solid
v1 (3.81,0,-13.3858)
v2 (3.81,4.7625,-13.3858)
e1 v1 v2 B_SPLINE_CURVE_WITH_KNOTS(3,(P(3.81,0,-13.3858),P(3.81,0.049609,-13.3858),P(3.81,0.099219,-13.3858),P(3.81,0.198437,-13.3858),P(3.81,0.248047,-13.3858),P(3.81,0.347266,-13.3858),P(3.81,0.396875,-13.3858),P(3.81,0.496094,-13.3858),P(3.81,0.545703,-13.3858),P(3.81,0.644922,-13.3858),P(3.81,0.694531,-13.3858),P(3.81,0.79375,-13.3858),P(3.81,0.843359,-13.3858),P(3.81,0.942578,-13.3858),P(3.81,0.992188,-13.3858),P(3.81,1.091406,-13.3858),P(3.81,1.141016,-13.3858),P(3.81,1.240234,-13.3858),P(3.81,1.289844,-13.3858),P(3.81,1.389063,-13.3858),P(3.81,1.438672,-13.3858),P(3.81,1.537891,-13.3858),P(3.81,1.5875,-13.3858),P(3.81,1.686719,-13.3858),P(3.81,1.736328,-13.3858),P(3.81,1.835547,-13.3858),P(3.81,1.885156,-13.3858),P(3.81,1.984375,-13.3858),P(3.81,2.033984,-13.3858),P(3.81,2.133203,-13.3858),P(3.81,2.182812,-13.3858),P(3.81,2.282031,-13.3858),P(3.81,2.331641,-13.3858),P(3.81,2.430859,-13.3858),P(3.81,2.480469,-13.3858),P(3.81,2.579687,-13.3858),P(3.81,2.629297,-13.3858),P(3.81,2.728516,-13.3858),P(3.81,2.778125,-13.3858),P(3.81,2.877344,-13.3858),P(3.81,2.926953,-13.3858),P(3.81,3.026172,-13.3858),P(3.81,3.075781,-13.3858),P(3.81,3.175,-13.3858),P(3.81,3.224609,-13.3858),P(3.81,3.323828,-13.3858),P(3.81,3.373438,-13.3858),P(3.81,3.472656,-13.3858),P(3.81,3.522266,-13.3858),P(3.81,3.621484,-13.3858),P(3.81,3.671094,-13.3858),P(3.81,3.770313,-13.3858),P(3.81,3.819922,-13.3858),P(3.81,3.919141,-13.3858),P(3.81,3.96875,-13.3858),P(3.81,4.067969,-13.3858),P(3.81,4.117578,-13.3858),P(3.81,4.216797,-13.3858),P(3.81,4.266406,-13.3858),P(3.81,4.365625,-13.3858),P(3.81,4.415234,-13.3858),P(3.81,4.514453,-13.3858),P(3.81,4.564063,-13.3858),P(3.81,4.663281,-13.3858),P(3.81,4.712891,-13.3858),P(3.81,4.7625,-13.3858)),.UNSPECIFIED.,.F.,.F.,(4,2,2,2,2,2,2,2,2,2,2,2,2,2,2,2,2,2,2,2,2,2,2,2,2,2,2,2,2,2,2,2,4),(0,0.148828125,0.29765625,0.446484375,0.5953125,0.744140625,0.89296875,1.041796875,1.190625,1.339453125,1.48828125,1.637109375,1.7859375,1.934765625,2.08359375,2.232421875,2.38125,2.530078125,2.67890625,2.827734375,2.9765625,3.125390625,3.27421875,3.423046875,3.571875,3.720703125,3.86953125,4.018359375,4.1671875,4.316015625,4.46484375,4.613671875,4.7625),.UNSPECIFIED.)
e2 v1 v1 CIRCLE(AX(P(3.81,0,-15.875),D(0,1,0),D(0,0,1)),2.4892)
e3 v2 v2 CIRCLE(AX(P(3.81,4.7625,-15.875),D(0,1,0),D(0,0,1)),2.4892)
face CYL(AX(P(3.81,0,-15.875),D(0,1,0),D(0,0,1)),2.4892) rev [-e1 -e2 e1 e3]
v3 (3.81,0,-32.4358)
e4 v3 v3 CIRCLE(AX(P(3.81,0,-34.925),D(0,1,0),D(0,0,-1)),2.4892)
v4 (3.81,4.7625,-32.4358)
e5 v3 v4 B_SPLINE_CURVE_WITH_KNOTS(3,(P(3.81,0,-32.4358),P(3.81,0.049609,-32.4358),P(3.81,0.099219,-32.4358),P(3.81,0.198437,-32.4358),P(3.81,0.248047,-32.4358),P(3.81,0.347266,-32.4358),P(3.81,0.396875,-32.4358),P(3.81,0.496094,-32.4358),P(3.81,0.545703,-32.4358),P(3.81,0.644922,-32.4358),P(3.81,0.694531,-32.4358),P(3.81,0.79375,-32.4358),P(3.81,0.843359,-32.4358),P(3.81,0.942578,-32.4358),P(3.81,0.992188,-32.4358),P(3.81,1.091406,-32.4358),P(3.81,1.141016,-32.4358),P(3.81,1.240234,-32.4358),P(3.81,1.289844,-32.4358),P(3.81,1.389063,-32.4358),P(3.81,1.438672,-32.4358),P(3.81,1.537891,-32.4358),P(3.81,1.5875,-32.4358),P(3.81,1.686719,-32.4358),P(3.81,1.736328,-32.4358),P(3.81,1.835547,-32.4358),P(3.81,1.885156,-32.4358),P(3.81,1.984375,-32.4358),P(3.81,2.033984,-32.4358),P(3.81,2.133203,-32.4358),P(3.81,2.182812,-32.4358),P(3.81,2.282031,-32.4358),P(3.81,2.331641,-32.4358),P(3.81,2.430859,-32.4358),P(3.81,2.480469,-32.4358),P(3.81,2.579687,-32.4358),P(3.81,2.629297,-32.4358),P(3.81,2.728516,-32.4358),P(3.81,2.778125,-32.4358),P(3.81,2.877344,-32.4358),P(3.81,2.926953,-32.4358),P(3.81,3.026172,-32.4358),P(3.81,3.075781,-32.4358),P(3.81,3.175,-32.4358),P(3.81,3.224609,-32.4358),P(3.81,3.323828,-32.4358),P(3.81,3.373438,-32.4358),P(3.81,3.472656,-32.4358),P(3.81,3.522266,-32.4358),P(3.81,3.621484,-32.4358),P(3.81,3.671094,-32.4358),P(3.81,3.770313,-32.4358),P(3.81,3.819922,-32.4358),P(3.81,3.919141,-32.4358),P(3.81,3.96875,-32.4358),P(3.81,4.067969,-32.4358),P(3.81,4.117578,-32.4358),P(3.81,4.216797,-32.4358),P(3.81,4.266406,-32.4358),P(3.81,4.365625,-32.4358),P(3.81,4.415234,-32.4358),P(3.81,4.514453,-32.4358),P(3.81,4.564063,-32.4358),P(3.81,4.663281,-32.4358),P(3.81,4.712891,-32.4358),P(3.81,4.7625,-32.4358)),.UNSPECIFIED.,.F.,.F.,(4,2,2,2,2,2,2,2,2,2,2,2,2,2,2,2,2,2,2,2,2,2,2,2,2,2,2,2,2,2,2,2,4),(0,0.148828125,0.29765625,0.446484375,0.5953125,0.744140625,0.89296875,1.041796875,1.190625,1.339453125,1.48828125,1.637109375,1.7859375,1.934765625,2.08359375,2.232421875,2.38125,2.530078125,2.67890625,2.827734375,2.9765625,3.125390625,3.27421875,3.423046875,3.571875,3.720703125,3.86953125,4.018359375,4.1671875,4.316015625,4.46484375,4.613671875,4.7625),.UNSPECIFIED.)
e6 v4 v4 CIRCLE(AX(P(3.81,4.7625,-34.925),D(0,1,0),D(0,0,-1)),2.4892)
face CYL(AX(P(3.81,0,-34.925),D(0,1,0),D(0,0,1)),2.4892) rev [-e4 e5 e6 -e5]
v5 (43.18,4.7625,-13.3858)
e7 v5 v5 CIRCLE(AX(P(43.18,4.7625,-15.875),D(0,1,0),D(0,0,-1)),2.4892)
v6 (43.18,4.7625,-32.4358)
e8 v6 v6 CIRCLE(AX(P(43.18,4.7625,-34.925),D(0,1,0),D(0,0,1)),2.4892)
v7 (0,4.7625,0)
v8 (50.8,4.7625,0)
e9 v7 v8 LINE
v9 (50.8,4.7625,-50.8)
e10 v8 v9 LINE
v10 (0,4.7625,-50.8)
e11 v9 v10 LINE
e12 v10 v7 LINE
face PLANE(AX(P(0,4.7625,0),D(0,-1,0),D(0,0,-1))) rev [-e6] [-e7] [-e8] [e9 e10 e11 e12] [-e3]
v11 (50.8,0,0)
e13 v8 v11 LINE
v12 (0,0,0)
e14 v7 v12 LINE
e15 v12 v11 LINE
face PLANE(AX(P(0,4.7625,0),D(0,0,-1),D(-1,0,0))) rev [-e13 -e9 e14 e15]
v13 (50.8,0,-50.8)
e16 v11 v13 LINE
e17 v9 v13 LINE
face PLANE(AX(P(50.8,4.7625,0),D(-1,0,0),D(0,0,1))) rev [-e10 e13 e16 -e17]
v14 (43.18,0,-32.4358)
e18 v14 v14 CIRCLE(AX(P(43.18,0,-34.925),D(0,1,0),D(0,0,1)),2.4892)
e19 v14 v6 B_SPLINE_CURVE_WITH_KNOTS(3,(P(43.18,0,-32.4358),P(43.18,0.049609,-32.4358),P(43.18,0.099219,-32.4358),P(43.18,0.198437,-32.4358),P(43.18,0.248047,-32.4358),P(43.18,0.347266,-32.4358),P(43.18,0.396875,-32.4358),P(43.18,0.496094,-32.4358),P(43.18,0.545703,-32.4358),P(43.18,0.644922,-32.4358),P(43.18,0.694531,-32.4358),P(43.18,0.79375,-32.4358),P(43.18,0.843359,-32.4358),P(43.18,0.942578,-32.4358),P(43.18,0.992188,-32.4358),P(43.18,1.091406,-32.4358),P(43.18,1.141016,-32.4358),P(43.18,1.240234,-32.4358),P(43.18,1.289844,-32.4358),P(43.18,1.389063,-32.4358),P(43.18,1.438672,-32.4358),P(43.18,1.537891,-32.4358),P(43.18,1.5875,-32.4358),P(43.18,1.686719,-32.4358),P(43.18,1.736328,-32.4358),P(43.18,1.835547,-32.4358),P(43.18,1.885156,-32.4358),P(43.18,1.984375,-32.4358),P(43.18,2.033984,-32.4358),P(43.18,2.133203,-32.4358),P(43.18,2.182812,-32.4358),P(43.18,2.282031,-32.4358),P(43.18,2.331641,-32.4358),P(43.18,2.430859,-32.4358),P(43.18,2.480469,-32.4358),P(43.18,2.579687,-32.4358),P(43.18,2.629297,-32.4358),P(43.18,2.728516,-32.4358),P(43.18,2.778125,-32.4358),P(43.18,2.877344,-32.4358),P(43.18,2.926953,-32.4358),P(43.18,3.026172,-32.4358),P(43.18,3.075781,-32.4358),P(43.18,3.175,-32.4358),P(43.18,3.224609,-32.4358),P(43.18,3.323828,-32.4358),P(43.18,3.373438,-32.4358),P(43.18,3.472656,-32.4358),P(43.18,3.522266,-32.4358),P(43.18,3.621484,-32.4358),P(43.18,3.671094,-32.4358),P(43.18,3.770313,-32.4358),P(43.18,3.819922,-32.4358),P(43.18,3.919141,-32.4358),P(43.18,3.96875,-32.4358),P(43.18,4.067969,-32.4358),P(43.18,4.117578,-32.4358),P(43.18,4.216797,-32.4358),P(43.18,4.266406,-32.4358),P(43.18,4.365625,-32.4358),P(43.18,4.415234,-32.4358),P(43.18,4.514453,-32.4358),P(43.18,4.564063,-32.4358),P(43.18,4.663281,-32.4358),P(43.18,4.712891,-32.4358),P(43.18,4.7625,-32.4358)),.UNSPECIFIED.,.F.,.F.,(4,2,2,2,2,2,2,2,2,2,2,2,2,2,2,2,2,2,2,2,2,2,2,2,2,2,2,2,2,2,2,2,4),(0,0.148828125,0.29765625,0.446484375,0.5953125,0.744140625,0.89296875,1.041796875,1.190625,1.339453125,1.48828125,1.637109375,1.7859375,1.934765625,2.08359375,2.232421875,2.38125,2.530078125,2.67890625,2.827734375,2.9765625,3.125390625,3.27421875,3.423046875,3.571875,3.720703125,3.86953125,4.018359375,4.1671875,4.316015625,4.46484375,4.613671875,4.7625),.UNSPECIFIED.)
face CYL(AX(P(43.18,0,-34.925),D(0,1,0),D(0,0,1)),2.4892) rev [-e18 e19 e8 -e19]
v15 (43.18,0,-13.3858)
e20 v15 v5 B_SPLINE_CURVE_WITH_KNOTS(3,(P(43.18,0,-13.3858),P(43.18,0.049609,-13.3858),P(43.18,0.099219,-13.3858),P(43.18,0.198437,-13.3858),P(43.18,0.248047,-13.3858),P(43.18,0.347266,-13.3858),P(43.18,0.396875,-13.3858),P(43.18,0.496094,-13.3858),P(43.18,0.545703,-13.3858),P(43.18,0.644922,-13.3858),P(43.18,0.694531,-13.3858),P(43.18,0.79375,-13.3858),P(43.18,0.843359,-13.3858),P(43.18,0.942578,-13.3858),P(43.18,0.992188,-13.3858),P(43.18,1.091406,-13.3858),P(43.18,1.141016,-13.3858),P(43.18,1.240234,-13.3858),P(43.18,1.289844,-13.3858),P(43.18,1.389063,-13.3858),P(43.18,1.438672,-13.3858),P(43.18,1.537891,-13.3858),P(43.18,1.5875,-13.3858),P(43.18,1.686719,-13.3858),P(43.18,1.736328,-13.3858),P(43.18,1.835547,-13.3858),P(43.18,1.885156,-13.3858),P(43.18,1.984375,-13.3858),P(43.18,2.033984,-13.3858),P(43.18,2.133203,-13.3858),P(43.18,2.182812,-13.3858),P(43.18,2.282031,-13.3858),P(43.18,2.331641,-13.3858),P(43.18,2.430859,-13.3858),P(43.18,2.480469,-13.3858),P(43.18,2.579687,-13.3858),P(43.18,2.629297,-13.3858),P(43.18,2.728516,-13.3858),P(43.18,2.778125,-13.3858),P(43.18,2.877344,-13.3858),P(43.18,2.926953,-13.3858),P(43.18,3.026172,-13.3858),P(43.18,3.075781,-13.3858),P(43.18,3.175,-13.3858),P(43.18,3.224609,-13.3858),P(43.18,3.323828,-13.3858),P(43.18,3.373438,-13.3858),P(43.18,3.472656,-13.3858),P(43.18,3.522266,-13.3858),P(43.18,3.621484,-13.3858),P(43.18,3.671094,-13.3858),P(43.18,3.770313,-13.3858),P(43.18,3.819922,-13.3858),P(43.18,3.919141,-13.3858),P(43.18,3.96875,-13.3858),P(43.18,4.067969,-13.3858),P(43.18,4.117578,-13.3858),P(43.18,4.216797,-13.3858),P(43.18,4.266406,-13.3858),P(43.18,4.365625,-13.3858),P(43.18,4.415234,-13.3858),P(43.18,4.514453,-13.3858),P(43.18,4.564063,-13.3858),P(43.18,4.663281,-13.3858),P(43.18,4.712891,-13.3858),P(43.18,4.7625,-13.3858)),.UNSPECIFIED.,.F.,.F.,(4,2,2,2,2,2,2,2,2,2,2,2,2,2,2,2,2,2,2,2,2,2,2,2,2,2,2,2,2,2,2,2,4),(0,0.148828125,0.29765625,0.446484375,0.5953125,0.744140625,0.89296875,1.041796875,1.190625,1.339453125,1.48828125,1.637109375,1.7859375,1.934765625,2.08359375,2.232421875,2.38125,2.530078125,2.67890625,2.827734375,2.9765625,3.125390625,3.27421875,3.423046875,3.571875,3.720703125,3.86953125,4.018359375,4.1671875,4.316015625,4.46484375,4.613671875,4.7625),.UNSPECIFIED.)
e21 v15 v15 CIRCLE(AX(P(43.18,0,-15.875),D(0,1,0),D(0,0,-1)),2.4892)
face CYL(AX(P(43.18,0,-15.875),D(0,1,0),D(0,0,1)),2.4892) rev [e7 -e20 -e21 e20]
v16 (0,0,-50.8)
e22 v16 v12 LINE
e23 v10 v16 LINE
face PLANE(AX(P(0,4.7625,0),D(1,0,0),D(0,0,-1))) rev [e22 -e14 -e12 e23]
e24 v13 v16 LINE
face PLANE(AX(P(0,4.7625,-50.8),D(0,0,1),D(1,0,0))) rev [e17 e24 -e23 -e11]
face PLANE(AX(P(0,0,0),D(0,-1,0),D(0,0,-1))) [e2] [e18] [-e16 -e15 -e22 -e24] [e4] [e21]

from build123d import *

# Parameters (mm, degrees)
SKETCH1_W           = 50.8
SKETCH1_H           = 50.8
BOSS_EXTRUDE1_DEPTH = 4.7625
SKETCH2_R           = 2.4892
CUT_EXTRUDE1_DEPTH  = 4.7625


with BuildPart() as part:
    # Sketch1 → Boss-Extrude1 (new body)
    with BuildSketch(Plane(origin=(0, 0, 0), x_dir=(1, 0, 0), z_dir=(0, 1, 0))):
        with Locations((25.4, 25.4)):
            Rectangle(SKETCH1_W, SKETCH1_H)
    extrude(amount=BOSS_EXTRUDE1_DEPTH)

    # Sketch2 → Cut-Extrude1 (cut)
    with BuildSketch(Plane(origin=(0, 4.7625, 0), x_dir=(1, 0, 0), z_dir=(0, 1, 0))):
        with Locations(Location((3.81, 15.875, 0), (0, 0, 270))):
            Circle(SKETCH2_R)
        with Locations(Location((43.18, 15.875, 0), (0, 0, 270))):
            Circle(SKETCH2_R)
        with Locations(Location((43.18, 34.925, 0), (0, 0, 270))):
            Circle(SKETCH2_R)
        with Locations(Location((3.81, 34.925, 0), (0, 0, 270))):
            Circle(SKETCH2_R)
    extrude(amount=-CUT_EXTRUDE1_DEPTH, mode=Mode.SUBTRACT)


solid = part.part
